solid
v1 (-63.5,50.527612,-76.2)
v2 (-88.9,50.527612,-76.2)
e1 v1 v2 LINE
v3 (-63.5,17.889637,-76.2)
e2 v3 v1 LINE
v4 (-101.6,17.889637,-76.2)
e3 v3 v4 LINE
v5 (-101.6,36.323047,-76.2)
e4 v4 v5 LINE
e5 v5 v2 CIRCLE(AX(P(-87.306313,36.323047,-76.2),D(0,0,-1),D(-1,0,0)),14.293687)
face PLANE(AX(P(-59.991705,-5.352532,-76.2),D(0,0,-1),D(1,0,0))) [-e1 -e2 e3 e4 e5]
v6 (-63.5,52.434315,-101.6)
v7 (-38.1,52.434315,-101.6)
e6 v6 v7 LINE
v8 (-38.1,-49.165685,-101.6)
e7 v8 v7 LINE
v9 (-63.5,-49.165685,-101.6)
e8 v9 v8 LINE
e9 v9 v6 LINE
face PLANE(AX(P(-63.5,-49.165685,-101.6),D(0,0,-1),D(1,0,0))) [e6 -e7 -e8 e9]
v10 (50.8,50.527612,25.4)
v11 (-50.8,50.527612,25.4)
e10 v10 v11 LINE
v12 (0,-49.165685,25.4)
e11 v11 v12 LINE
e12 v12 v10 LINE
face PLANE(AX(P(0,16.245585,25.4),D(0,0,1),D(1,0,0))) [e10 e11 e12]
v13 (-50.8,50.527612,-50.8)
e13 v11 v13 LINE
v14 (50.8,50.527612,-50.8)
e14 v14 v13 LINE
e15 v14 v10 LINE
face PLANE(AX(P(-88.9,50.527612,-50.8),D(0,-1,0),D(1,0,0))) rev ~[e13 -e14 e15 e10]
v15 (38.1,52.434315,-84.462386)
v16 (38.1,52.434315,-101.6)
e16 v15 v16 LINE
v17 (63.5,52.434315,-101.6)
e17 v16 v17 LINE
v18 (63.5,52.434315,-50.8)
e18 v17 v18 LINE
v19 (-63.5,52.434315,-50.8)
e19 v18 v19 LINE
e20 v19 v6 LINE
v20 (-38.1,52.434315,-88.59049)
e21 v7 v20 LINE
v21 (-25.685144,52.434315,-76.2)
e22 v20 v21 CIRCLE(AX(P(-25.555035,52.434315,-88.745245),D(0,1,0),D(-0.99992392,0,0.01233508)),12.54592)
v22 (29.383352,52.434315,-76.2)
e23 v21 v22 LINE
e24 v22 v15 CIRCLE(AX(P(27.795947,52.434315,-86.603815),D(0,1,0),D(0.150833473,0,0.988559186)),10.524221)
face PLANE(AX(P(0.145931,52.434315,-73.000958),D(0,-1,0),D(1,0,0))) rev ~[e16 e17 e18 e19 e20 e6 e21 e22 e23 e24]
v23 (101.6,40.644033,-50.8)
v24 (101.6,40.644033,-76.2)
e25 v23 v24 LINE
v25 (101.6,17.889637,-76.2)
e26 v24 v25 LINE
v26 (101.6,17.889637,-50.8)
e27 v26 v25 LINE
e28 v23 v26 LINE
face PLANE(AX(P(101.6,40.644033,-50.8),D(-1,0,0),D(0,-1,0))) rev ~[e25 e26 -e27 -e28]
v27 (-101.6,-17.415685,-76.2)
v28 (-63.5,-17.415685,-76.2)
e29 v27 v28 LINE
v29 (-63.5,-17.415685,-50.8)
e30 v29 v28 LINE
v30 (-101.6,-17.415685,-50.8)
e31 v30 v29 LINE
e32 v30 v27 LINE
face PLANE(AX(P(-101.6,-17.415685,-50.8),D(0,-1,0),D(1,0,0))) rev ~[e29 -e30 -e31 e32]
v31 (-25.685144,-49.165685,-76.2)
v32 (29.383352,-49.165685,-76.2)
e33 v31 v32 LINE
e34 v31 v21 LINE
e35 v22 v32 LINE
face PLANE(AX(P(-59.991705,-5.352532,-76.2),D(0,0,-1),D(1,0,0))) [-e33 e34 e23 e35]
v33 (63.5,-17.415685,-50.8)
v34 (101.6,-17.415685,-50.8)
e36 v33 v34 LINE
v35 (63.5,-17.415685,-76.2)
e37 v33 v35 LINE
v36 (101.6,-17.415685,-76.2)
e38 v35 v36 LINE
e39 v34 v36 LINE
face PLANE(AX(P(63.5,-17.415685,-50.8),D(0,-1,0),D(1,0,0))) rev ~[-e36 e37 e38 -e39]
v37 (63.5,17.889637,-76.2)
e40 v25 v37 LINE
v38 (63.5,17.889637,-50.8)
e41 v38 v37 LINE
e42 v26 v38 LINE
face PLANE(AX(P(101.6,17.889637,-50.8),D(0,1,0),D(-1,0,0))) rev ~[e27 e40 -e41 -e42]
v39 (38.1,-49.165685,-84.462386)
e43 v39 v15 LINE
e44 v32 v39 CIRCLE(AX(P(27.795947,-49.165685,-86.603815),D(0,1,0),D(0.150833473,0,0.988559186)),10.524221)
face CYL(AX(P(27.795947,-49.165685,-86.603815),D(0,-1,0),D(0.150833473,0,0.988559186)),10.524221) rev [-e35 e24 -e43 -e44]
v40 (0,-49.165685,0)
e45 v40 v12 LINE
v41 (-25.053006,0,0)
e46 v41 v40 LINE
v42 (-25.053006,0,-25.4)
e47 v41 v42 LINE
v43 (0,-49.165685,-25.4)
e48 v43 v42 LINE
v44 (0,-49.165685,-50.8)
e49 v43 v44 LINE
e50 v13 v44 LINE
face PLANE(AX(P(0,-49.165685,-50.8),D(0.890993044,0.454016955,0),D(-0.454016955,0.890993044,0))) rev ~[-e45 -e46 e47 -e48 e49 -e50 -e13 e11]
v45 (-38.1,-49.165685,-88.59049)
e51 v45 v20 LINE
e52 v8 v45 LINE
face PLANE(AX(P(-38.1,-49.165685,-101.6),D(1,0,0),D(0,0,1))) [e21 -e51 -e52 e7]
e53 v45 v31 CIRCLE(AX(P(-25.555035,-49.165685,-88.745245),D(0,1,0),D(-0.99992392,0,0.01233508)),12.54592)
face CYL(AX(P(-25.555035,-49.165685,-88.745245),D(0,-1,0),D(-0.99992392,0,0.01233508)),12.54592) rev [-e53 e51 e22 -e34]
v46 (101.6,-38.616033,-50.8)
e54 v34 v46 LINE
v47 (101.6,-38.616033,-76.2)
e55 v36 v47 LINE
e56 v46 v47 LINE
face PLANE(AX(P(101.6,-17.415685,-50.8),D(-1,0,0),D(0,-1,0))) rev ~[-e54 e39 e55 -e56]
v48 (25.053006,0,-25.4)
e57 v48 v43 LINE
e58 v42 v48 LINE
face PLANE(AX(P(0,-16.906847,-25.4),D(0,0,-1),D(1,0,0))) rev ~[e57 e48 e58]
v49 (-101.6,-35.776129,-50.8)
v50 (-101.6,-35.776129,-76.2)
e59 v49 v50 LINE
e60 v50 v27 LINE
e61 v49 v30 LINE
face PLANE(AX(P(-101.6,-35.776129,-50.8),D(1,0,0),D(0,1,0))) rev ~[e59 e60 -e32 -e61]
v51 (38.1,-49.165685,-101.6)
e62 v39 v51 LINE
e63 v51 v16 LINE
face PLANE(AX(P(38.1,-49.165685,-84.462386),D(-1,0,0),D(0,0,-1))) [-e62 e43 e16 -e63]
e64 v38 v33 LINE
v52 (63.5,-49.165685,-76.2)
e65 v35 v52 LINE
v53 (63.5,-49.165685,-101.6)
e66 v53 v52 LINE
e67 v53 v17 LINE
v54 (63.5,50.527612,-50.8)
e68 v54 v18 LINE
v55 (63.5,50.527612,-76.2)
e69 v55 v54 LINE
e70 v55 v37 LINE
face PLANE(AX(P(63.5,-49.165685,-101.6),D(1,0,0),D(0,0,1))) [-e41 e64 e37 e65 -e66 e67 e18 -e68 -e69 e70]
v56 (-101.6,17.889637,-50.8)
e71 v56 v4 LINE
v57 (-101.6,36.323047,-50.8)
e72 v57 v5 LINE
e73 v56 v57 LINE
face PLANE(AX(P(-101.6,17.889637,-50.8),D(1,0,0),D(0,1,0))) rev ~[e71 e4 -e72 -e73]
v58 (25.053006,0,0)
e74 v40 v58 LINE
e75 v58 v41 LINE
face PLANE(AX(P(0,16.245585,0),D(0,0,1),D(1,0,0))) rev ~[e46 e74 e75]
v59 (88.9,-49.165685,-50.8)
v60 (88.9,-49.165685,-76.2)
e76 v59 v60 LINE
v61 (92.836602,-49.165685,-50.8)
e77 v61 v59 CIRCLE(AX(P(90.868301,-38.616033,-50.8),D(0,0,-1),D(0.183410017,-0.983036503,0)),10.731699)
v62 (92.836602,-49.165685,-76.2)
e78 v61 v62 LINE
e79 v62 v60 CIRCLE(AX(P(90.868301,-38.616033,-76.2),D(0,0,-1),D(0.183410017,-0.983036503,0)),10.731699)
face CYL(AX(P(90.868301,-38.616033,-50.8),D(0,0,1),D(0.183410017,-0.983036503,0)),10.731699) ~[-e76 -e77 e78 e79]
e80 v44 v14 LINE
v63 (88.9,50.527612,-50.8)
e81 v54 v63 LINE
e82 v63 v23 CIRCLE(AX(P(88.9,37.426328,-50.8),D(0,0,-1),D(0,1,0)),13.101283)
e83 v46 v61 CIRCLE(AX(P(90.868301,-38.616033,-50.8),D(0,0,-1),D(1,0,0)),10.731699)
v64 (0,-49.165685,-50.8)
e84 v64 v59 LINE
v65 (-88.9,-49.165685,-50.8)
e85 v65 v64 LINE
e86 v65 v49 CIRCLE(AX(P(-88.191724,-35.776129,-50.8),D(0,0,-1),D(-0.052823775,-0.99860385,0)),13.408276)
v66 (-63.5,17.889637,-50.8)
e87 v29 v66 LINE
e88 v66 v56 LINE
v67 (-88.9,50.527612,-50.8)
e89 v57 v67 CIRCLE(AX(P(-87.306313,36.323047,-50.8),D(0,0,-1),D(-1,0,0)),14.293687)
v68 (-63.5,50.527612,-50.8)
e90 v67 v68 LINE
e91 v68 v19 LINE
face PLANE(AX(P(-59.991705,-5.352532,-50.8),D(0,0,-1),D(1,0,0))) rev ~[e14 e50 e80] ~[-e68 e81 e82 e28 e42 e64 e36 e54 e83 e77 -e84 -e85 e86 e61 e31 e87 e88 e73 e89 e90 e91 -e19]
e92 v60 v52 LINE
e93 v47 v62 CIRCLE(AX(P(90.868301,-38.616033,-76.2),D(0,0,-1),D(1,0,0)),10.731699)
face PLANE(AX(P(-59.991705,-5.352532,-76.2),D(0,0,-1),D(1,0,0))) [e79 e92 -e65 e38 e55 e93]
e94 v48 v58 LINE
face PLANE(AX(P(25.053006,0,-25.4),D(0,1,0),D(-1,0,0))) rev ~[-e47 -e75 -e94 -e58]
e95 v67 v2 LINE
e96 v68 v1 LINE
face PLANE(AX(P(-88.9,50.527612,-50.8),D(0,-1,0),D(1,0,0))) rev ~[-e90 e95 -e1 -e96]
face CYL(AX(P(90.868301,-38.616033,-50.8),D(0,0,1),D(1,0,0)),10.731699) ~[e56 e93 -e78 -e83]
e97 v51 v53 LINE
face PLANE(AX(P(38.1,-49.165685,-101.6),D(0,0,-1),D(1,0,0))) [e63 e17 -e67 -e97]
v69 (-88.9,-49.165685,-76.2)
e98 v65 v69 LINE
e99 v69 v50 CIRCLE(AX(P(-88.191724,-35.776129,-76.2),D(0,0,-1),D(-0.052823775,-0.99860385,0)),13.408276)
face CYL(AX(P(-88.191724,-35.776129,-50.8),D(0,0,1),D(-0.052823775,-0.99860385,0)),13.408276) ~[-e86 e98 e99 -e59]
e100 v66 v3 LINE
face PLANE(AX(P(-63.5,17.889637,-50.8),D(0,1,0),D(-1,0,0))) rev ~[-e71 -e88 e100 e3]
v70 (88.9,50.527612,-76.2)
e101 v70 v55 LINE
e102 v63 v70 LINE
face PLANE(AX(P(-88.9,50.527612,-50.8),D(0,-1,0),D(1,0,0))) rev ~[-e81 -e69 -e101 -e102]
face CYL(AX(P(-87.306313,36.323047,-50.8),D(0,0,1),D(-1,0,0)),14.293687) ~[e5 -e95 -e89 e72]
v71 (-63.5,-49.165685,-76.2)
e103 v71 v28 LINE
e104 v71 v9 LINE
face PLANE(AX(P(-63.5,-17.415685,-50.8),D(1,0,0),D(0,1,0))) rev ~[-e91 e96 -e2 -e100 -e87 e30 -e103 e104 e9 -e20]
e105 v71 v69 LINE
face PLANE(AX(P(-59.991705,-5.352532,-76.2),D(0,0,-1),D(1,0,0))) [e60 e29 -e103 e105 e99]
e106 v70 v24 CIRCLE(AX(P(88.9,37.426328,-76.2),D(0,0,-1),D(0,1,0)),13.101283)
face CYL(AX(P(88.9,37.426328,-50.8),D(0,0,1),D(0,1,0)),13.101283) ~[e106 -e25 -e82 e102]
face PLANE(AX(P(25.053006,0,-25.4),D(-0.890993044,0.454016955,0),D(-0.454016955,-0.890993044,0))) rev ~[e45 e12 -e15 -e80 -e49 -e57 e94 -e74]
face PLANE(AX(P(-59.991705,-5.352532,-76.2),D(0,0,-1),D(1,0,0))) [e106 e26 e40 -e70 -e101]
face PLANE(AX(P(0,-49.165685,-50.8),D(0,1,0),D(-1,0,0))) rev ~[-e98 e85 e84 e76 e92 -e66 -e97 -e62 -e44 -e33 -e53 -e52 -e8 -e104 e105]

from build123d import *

# Parameters (mm, degrees)
F1_DEPTH  = 25.4
F3_DEPTH  = 25.4
F5_DEPTH  = 25.4
F6_DEPTH  = 25.4
F8_DEPTH  = 25.4
F9_DEPTH  = 25.4
F11_DEPTH = 101.6


with BuildPart() as f1:
    # F0 (on Top) → F1 (new body)
    with BuildSketch(Plane.XY):
        Polygon((50.8, 50.5276115144), (-50.8, 50.5276115144), (0, -49.1656845147), align=None)
    extrude(amount=F1_DEPTH)

    # F2 (on face) → F3 (join)
    with BuildSketch(Plane(origin=(0, 0, 0), x_dir=(1, 0, 0), z_dir=(0, 0, -1))):
        Polygon((0, 0), (-25.0530062986, 0), (-50.8, -50.5276115144), (50.8, -50.5276115144), (25.0530062986, 0), align=None)
    extrude(amount=F3_DEPTH)

    # F4 (on face) → F5 (join)
    with BuildSketch(Plane(origin=(0, 0, -25.4), x_dir=(1, 0, 0), z_dir=(0, 0, -1))):
        Polygon((25.0530062986, 0), (-25.0530062986, 0), (-50.8, -50.5276115144), (50.8, -50.5276115144), align=None)
    extrude(amount=F5_DEPTH)

    # F4 (on face) → F6 (join)
    with BuildSketch(Plane(origin=(0, 0, -25.4), x_dir=(1, 0, 0), z_dir=(0, 0, -1))):
        Polygon((0, 49.1656845147), (-25.0530062986, 0), (25.0530062986, 0), align=None)
    extrude(amount=F6_DEPTH)

    # F7 (on face) → F8 (join)
    with BuildSketch(Plane(origin=(0, 0, -50.8), x_dir=(1, 0, 0), z_dir=(0, 0, -1))):
        with BuildLine():
            ThreePointArc((92.8366021578, 49.1656845147), (90.8683010789, 49.3477316598), (88.9, 49.1656845147))
            Line((88.9, 49.1656845147), (92.8366021578, 49.1656845147))
        make_face()
        Polygon((-50.8, -50.5276115144), (0, -50.5276115144), (50.8, -50.5276115144), (0, 49.1656845147), align=None)
        with BuildLine():
            Line((0, 49.1656845147), (50.8, -50.5276115144))
            Line((50.8, -50.5276115144), (88.9, -50.5276115144))
            ThreePointArc((88.9, -50.5276115144), (96.9463521433, -47.7655661288), (101.6, -40.6440326455))
            Line((101.6, -40.6440326455), (101.6, -17.8896365181))
            Line((101.6, -17.8896365181), (63.5, -17.8896365181))
            Line((63.5, -17.8896365181), (63.5, 17.4156845147))
            Line((63.5, 17.4156845147), (101.6, 17.4156845147))
            Line((101.6, 17.4156845147), (101.6, 38.6160327387))
            ThreePointArc((101.6, 38.6160327387), (99.1233775867, 45.4733699467), (92.8366021578, 49.1656845147))
            Line((92.8366021578, 49.1656845147), (88.9, 49.1656845147))
            Line((88.9, 49.1656845147), (0, 49.1656845147))
        make_face()
    extrude(amount=F8_DEPTH)

    # F7 (on face) → F9 (join)
    with BuildSketch(Plane(origin=(0, 0, -50.8), x_dir=(1, 0, 0), z_dir=(0, 0, -1))):
        with BuildLine():
            Line((-88.9, -50.5276115144), (-50.8, -50.5276115144))
            Line((-50.8, -50.5276115144), (0, 49.1656845147))
            Line((0, 49.1656845147), (-88.9, 49.1656845147))
            ThreePointArc((-88.9, 49.1656845147), (-97.9199978671, 45.0034008683), (-101.6, 35.7761287374))
            Line((-101.6, 35.7761287374), (-101.6, 17.4156845147))
            Line((-101.6, 17.4156845147), (-63.5, 17.4156845147))
            Line((-63.5, 17.4156845147), (-63.5, -17.8896365181))
            Line((-63.5, -17.8896365181), (-101.6, -17.8896365181))
            Line((-101.6, -17.8896365181), (-101.6, -36.3230473445))
            ThreePointArc((-101.6, -36.3230473445), (-97.9620426965, -45.8501093688), (-88.9, -50.5276115144))
        make_face()
    extrude(amount=F9_DEPTH)

    # F10 (on face) → F11 (join)
    with BuildSketch(Plane.XZ.offset(49.1656845147)):
        with BuildLine():
            Line((-63.5, -50.8), (-63.5, -76.2))
            Line((-63.5, -76.2), (-63.5, -101.6))
            Line((-63.5, -101.6), (-38.1, -101.6))
            Line((-38.1, -101.6), (-38.1, -88.9))
            ThreePointArc((-38.1, -88.9), (-38.1009544934, -88.7452450805), (-38.1, -88.5904901609))
            ThreePointArc((-38.1, -88.5904901609), (-34.4176212284, -79.86523026), (-25.6851438653, -76.2))
            ThreePointArc((-25.6851438653, -76.2), (-25.5550347378, -76.1993253249), (-25.4249256104, -76.2))
            Line((-25.4249256104, -76.2), (26.2085422873, -76.2))
            ThreePointArc((26.2085422873, -76.2), (27.7959470911, -76.0795943408), (29.3833518949, -76.2))
            ThreePointArc((29.3833518949, -76.2), (35.0360054884, -78.9657015641), (38.1, -84.4623856029))
            ThreePointArc((38.1, -84.4623856029), (38.320168092, -86.6038153417), (38.1, -88.7452450805))
            Line((38.1, -88.7452450805), (38.1, -101.6))
            Line((38.1, -101.6), (63.5, -101.6))
            Line((63.5, -101.6), (63.5, -76.2))
            Line((63.5, -76.2), (63.5, -50.8))
            Line((63.5, -50.8), (-63.5, -50.8))
        make_face()
        with BuildLine():
            ThreePointArc((-38.1, -88.5904901609), (-38.1009544934, -88.7452450805), (-38.1, -88.9))
            Line((-38.1, -88.9), (-38.1, -88.5904901609))
        make_face()
        with BuildLine():
            ThreePointArc((-25.4249256104, -76.2), (-25.5550347378, -76.1993253249), (-25.6851438653, -76.2))
            Line((-25.6851438653, -76.2), (-25.4249256104, -76.2))
        make_face()
        with BuildLine():
            Line((38.1, -84.4623856029), (38.1, -88.7452450805))
            ThreePointArc((38.1, -88.7452450805), (38.320168092, -86.6038153417), (38.1, -84.4623856029))
        make_face()
        with BuildLine():
            ThreePointArc((29.3833518949, -76.2), (27.7959470911, -76.0795943408), (26.2085422873, -76.2))
            Line((26.2085422873, -76.2), (29.3833518949, -76.2))
        make_face()
    extrude(amount=-F11_DEPTH)


solid = f1.part
